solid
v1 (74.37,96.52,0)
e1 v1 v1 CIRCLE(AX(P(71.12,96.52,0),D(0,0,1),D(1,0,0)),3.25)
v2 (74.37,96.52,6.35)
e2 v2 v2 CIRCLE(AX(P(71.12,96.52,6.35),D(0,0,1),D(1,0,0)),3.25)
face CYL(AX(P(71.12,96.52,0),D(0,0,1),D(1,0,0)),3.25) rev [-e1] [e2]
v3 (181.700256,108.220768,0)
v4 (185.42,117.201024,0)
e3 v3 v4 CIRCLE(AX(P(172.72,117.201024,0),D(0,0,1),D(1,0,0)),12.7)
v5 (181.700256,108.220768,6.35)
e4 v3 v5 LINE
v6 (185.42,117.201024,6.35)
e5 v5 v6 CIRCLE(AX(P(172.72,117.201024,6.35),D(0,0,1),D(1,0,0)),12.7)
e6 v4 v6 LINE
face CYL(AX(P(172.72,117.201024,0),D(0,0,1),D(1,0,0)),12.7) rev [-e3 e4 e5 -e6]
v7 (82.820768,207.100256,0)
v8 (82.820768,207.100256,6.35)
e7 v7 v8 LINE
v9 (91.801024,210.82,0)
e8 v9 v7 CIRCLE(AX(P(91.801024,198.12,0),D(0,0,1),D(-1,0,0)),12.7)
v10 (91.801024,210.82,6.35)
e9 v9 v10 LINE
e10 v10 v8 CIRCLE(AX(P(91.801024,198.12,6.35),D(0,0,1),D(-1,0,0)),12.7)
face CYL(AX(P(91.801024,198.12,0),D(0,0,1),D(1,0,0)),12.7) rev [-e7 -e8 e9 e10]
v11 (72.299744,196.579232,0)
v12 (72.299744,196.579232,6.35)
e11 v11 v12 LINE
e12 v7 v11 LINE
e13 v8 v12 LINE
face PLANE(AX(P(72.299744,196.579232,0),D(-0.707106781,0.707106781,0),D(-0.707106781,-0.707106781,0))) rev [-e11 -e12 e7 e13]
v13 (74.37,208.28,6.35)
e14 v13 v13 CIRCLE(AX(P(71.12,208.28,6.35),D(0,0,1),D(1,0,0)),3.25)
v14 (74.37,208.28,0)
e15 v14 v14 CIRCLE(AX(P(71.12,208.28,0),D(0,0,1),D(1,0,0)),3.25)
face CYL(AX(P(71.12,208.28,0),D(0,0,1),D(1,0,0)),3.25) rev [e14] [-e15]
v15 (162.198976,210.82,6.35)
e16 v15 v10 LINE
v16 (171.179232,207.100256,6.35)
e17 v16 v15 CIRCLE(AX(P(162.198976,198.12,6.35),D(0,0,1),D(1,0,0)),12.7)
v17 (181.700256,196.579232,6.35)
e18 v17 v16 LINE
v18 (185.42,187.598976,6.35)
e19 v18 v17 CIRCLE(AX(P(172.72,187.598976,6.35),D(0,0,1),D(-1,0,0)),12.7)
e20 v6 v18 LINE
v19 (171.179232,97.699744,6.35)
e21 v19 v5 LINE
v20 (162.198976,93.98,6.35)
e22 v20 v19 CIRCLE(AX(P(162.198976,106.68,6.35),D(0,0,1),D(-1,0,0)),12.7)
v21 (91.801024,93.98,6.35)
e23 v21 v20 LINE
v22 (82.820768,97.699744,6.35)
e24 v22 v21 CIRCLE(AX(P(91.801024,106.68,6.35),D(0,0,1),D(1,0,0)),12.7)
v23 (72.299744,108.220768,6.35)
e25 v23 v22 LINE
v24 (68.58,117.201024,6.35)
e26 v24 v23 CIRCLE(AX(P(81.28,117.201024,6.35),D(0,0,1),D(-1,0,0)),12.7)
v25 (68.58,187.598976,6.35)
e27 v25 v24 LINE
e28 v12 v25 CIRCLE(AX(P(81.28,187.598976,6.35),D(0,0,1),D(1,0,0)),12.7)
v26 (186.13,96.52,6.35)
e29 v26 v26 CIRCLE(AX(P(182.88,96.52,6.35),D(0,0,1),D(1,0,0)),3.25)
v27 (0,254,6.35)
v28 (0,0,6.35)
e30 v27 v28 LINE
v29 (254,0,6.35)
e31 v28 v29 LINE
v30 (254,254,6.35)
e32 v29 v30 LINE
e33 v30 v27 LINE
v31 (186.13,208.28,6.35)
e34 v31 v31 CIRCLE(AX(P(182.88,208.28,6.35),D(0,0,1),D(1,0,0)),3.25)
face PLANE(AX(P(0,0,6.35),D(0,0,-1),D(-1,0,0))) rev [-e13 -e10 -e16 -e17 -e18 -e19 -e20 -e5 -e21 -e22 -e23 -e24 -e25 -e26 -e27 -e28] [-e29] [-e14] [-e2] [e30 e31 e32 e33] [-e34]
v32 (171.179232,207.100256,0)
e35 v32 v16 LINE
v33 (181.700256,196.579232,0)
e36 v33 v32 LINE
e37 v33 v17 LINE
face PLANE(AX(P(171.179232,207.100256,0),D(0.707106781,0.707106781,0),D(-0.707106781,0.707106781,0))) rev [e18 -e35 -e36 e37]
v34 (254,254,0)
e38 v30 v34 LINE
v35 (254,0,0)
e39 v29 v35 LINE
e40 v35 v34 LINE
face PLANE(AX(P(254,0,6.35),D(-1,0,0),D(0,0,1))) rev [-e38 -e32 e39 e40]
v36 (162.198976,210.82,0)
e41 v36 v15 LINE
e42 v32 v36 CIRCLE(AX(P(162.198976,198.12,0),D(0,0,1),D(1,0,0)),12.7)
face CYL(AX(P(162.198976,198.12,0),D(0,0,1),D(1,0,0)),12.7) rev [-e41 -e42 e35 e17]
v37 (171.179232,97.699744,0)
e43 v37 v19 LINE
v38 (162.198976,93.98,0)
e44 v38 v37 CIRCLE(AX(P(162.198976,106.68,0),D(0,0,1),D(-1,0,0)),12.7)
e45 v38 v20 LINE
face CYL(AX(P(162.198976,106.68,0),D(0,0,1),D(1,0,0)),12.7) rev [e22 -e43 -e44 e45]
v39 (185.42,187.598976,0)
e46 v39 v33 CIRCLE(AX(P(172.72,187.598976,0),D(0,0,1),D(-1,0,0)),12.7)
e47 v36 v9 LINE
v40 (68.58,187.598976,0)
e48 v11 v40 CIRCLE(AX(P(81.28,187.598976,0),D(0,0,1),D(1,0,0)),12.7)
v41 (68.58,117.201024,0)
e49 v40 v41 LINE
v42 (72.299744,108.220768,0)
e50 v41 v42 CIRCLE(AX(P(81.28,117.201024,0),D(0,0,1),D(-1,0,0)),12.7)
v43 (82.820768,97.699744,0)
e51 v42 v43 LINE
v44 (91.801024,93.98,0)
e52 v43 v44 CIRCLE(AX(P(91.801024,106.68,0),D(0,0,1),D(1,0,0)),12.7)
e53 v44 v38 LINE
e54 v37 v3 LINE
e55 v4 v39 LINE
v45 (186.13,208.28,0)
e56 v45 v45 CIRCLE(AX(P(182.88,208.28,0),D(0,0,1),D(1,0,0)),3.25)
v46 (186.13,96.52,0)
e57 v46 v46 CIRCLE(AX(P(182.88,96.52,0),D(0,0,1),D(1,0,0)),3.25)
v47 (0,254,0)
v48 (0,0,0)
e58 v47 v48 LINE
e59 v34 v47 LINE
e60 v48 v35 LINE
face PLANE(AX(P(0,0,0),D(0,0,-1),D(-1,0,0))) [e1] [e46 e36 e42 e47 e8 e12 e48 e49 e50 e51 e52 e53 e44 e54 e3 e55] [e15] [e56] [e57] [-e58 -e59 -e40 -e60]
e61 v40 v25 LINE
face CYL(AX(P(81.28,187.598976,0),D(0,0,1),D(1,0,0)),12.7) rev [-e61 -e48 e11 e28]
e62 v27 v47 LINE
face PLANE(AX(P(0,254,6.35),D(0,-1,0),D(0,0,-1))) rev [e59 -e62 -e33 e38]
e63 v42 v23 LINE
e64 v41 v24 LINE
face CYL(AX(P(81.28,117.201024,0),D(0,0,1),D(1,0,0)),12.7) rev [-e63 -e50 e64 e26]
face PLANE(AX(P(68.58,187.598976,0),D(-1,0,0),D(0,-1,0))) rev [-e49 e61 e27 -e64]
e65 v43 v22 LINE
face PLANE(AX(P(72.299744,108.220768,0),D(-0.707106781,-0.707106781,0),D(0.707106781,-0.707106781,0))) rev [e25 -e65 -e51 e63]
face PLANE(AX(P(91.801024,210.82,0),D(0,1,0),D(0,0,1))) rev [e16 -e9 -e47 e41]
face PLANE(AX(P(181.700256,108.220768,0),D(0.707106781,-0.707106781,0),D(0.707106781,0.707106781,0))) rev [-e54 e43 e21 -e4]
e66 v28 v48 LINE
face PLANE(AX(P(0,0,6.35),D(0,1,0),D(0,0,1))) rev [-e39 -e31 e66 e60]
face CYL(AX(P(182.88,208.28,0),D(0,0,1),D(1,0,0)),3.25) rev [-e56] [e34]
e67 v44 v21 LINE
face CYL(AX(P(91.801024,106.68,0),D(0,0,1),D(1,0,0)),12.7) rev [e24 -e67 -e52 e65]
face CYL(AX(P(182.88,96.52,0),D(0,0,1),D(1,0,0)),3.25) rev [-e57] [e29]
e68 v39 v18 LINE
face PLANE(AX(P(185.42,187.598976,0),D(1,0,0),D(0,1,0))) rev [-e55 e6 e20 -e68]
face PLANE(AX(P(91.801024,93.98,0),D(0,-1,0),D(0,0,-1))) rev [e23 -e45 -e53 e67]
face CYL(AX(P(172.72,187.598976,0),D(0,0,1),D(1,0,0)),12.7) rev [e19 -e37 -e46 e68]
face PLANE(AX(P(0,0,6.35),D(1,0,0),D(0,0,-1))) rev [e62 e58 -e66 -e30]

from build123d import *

# Parameters (mm, degrees)
SKETCH2_W           = 254
SKETCH2_H           = 254
BOSS_EXTRUDE1_DEPTH = 6.35
SKETCH3_R           = 3.25
CUT_EXTRUDE1_DEPTH  = 6.35


with BuildPart() as part:
    # Sketch2 → Boss-Extrude1 (new body)
    with BuildSketch(Plane.XY):
        with Locations((127, 127)):
            Rectangle(SKETCH2_W, SKETCH2_H)
    extrude(amount=BOSS_EXTRUDE1_DEPTH)

    # Sketch3 → Cut-Extrude1 (cut)
    with BuildSketch(Plane.XY.offset(6.35)):
        with Locations((71.12, 208.28)):
            Circle(SKETCH3_R)
        with Locations((182.88, 208.28)):
            Circle(SKETCH3_R)
        with Locations((182.88, 96.52)):
            Circle(SKETCH3_R)
        with Locations((71.12, 96.52)):
            Circle(SKETCH3_R)
        with BuildLine():
            Line((72.299743879, 196.579231637), (82.820768363, 207.100256121))
            ThreePointArc((82.820768363, 207.100256121), (86.940944893, 209.853270063), (91.801024484, 210.82))
            Line((91.801024484, 210.82), (162.198975516, 210.82))
            ThreePointArc((162.198975516, 210.82), (167.059055107, 209.853270063), (171.179231637, 207.100256121))
            Line((171.179231637, 207.100256121), (181.700256121, 196.579231637))
            ThreePointArc((181.700256121, 196.579231637), (184.453270063, 192.459055107), (185.42, 187.598975516))
            Line((185.42, 187.598975516), (185.42, 117.201024484))
            ThreePointArc((185.42, 117.201024484), (184.453270063, 112.340944893), (181.700256121, 108.220768363))
            Line((181.700256121, 108.220768363), (171.179231637, 97.699743879))
            ThreePointArc((171.179231637, 97.699743879), (167.059055107, 94.946729937), (162.198975516, 93.98))
            Line((162.198975516, 93.98), (91.801024484, 93.98))
            ThreePointArc((91.801024484, 93.98), (86.940944893, 94.946729937), (82.820768363, 97.699743879))
            Line((82.820768363, 97.699743879), (72.299743879, 108.220768363))
            ThreePointArc((72.299743879, 108.220768363), (69.546729937, 112.340944893), (68.58, 117.201024484))
            Line((68.58, 117.201024484), (68.58, 187.598975516))
            ThreePointArc((68.58, 187.598975516), (69.546729937, 192.459055107), (72.299743879, 196.579231637))
        make_face()
    extrude(amount=-CUT_EXTRUDE1_DEPTH, mode=Mode.SUBTRACT)


solid = part.part
